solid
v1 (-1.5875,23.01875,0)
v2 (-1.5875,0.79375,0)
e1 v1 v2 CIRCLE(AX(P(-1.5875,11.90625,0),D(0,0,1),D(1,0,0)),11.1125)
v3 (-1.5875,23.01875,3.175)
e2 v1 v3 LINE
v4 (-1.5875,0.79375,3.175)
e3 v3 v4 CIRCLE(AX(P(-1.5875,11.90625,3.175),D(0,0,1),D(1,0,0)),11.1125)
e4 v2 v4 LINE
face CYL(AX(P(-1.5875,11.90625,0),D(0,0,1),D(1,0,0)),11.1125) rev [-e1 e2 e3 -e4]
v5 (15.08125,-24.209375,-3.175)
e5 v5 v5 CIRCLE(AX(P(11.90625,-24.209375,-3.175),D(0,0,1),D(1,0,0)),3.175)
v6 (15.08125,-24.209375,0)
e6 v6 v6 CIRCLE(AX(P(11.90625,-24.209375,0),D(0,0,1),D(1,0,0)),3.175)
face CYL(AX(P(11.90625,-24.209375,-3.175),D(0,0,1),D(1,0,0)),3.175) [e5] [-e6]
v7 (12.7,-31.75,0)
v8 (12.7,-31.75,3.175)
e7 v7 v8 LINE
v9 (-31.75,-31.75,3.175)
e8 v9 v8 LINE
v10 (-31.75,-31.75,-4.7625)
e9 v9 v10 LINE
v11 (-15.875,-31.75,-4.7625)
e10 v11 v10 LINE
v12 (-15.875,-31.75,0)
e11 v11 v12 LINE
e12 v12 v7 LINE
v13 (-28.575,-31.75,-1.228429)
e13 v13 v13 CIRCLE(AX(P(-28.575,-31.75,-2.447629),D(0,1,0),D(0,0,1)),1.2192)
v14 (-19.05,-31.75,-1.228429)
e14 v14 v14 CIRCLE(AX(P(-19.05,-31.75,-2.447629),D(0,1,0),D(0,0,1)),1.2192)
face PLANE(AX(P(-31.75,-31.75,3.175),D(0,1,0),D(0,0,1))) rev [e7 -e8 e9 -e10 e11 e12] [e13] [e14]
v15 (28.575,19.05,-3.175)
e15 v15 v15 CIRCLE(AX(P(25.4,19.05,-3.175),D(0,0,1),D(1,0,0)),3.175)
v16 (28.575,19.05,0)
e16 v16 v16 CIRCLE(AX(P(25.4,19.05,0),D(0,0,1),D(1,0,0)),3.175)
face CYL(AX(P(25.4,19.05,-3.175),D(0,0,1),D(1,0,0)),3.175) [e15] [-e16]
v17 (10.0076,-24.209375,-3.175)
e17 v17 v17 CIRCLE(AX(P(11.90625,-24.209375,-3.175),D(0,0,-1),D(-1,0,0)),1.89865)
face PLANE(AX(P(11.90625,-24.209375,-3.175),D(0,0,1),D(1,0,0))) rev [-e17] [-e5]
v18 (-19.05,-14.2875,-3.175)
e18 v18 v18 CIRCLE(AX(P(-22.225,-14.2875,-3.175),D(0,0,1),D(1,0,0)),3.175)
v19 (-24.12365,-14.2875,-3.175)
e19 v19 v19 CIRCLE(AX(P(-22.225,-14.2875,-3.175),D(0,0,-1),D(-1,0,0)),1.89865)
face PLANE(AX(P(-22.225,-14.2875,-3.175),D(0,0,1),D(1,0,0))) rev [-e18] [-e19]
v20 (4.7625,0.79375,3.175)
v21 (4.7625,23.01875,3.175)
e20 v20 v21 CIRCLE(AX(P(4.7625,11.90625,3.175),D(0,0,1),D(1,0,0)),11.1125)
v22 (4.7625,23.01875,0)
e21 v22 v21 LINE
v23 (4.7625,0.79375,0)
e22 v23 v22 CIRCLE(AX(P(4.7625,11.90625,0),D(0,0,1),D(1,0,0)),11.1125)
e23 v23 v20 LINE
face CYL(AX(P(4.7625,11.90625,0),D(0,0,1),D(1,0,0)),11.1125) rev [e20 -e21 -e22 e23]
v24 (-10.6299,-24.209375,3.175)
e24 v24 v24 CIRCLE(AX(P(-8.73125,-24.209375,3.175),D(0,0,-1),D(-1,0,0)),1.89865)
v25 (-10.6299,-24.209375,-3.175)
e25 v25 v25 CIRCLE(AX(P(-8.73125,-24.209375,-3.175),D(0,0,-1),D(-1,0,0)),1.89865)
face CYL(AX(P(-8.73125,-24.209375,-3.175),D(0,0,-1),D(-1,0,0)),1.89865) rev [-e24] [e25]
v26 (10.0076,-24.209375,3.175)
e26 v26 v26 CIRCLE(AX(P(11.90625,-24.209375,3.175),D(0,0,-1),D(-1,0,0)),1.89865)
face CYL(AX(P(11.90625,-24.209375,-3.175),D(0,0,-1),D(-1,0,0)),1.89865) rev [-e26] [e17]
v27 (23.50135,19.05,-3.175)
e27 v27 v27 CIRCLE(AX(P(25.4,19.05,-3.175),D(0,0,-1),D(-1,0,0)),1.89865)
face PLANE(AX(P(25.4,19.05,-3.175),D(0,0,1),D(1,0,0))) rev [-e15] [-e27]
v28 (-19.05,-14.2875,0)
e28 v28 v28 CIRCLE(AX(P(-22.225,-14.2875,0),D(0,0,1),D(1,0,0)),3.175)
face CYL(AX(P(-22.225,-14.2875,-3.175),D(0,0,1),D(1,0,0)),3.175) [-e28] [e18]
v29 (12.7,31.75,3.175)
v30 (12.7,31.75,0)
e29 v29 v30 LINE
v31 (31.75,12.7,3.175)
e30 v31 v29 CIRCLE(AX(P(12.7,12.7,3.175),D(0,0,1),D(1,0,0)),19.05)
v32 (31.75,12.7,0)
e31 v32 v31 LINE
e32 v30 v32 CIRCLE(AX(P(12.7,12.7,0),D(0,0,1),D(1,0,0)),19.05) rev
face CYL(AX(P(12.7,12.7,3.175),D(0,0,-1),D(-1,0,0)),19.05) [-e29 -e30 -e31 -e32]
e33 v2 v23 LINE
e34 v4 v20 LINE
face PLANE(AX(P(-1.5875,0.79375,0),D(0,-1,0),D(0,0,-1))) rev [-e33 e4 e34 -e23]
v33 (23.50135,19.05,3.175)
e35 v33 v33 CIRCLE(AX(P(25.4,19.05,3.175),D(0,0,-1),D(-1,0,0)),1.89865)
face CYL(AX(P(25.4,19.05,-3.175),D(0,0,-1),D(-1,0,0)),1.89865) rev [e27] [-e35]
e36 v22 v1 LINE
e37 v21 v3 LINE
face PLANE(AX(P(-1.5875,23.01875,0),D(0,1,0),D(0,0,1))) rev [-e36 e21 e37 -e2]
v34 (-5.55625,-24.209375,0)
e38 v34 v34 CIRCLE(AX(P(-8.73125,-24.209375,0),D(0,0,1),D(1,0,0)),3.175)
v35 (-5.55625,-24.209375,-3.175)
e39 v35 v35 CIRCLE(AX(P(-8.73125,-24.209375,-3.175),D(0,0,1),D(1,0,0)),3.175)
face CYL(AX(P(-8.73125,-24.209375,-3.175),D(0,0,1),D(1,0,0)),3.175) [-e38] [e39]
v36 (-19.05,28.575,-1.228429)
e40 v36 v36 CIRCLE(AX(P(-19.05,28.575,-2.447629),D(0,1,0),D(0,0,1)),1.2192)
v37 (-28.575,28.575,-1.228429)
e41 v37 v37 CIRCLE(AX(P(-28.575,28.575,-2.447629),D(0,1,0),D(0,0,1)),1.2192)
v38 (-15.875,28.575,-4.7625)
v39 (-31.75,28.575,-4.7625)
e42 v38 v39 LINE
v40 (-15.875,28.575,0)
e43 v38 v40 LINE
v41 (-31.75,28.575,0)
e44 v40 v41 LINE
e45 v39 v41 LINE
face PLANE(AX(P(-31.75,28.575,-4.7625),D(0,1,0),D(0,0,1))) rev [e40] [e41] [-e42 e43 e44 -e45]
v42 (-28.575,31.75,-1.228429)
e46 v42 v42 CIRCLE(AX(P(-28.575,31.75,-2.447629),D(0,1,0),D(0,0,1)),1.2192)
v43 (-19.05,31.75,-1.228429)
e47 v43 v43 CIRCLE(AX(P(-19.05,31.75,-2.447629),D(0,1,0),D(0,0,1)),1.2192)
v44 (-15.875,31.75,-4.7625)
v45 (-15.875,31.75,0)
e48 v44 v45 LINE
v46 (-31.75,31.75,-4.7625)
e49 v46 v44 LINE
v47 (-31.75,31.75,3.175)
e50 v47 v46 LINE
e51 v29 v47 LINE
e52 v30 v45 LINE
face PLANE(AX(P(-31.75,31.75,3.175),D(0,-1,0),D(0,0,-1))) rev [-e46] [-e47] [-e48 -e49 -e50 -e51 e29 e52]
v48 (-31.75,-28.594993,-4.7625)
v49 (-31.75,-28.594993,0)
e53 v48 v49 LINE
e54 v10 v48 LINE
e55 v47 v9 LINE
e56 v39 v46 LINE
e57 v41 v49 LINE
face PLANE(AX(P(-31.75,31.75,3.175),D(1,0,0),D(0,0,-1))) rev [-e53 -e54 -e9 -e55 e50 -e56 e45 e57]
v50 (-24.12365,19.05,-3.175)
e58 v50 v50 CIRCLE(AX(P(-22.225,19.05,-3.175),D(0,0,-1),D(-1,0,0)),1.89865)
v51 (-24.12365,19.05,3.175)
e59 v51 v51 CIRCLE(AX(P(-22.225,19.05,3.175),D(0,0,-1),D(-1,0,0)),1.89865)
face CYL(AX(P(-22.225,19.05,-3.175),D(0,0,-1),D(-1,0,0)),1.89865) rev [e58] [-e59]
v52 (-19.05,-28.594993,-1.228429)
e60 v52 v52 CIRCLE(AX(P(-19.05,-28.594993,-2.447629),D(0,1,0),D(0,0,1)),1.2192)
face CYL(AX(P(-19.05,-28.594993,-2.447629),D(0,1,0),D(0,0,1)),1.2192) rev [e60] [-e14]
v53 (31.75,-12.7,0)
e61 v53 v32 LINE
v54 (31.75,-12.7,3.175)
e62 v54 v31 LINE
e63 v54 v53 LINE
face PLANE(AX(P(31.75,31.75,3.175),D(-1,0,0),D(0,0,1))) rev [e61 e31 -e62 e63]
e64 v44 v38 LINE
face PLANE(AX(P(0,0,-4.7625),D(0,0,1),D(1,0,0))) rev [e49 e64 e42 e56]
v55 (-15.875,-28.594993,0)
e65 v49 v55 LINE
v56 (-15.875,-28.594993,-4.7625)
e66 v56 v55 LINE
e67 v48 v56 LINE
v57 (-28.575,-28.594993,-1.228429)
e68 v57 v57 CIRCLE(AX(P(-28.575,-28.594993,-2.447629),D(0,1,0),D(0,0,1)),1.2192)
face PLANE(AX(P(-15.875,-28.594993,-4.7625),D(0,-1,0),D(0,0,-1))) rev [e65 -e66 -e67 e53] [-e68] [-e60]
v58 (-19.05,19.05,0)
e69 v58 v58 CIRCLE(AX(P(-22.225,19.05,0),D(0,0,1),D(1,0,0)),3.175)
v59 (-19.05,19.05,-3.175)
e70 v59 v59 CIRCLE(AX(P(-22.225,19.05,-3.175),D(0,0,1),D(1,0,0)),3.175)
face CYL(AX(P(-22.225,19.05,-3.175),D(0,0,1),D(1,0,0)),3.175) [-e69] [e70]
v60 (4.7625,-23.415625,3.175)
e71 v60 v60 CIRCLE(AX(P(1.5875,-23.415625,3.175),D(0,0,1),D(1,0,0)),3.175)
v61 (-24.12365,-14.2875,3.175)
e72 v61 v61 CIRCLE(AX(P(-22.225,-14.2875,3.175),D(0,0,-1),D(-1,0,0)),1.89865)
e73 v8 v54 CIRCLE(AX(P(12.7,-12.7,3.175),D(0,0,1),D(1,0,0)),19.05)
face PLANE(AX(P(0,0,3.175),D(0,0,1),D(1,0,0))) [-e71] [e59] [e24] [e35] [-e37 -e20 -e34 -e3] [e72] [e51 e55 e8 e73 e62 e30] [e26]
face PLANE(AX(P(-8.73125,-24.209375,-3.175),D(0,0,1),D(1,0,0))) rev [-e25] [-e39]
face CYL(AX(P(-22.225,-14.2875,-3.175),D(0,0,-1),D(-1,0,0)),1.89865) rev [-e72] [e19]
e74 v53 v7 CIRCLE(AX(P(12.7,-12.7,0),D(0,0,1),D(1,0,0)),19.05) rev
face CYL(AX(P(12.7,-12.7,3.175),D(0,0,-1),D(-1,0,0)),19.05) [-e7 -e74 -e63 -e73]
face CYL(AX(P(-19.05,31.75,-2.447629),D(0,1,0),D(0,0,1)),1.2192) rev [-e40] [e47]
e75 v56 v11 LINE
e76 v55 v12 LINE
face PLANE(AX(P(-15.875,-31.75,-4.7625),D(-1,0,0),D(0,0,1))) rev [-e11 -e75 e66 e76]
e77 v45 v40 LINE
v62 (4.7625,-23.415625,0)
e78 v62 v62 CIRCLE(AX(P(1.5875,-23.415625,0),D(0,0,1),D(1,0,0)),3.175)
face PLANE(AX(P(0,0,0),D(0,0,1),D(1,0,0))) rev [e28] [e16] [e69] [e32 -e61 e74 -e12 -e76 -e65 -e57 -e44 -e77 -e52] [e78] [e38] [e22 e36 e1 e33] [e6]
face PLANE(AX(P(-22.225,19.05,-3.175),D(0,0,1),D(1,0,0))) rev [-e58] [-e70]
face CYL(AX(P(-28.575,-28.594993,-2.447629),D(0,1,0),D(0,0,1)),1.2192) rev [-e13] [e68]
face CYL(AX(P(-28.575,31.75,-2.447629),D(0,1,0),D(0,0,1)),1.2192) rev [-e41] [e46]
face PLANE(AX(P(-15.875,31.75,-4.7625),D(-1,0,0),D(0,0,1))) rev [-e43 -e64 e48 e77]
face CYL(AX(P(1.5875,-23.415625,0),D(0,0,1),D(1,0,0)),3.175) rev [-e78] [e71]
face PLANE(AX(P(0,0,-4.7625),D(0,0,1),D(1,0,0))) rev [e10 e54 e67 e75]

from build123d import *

# Parameters (mm, degrees)
SKETCH1_W                 = 63.5
SKETCH1_H                 = 63.5
BOSS_EXTRUDE1_DEPTH       = 3.175
BOSS_EXTRUDE2_DEPTH       = 4.7625
F_2_CLEARANCE_HOLE2_D     = 2.4384
F_2_CLEARANCE_HOLE2_DEPTH = 3.155006513
FILLET1_R                 = 19.05
SKETCH7_W                 = 15.875
SKETCH7_H                 = 3.175
BOSS_EXTRUDE3_DEPTH       = 4.7625
F_2_CLEARANCE_HOLE3_D     = 2.4384
F_2_CLEARANCE_HOLE3_DEPTH = 3.175
BOSS_EXTRUDE4_START       = -3.175
SKETCH10_R                = 3.175
BOSS_EXTRUDE4_DEPTH       = 3.175
F_6_CLEARANCE_HOLE1_D     = 3.7973
SKETCH13_R                = 3.175
CUT_EXTRUDE1_DEPTH        = 3.175


with BuildPart() as part:
    # Sketch1 → Boss-Extrude1 (new body)
    with BuildSketch(Plane.XY):
        Rectangle(SKETCH1_W, SKETCH1_H)
    extrude(amount=BOSS_EXTRUDE1_DEPTH)

    # Sketch2 → Boss-Extrude2 (add)
    with BuildSketch(Plane(origin=(0, 0, 0), x_dir=(-1, 0, 0), z_dir=(0, 0, -1))):
        Polygon((15.875, -31.75), (25.4, -31.75), (31.75, -31.75), (31.75, -28.594993487), (25.755751185, -28.594993487), (15.875, -28.594993487), align=None)
    extrude(amount=BOSS_EXTRUDE2_DEPTH)

    # #2 Clearance Hole2
    with Locations(Plane(origin=(0, -28.594993487, 0), x_dir=(1, 0, 0), z_dir=(0, 1, 0))):
        with Locations((-28.575, 2.447629477), (-19.05, 2.447629477)):
            Hole(F_2_CLEARANCE_HOLE2_D / 2, depth=F_2_CLEARANCE_HOLE2_DEPTH)

    # Fillet1
    fillet1_edges = [part.edges().sort_by_distance(p)[0] for p in [
        (31.75, -31.75, 1.5875),
        (31.75, 31.75, 1.5875),
    ]]
    fillet(fillet1_edges, radius=FILLET1_R)

    # Sketch7 → Boss-Extrude3 (add)
    with BuildSketch(Plane(origin=(0, 0, 0), x_dir=(-1, 0, 0), z_dir=(0, 0, -1))):
        with Locations((23.8125, 30.1625)):
            Rectangle(SKETCH7_W, SKETCH7_H)
    extrude(amount=BOSS_EXTRUDE3_DEPTH)

    # #2 Clearance Hole3
    with Locations(Plane(origin=(0, 31.75, 0), x_dir=(1, 0, 0), z_dir=(0, 1, 0))):
        with Locations((-28.575, 2.447629477), (-19.05, 2.447629477)):
            Hole(F_2_CLEARANCE_HOLE3_D / 2, depth=F_2_CLEARANCE_HOLE3_DEPTH)

    # Sketch10 → Boss-Extrude4 (add)
    with BuildSketch(Plane.XY.offset(3.175).offset(BOSS_EXTRUDE4_START)):
        with Locations((25.4, 19.05)):
            Circle(SKETCH10_R)
        with Locations((-22.225, 19.05)):
            Circle(SKETCH10_R)
        with Locations((-22.225, -14.2875)):
            Circle(SKETCH10_R)
        with Locations((-8.73125, -24.209375)):
            Circle(SKETCH10_R)
        with Locations((11.90625, -24.209375)):
            Circle(SKETCH10_R)
    extrude(amount=-BOSS_EXTRUDE4_DEPTH)

    # #6 Clearance Hole1 (through all)
    with Locations(Plane(origin=(0, 0, -3.175), x_dir=(-1, 0, 0), z_dir=(0, 0, -1))):
        with Locations((-25.4, 19.05), (22.225, 19.05), (22.225, -14.2875), (8.73125, -24.209375), (-11.90625, -24.209375)):
            Hole(F_6_CLEARANCE_HOLE1_D / 2)

    # Sketch13 → Cut-Extrude1 (cut)
    with BuildSketch(Plane.XY.offset(3.175)):
        with Locations((1.5875, -23.415625)):
            Circle(SKETCH13_R)
        with BuildLine():
            Line((-1.5875, 23.01875), (4.7625, 23.01875))
            ThreePointArc((4.7625, 23.01875), (15.875, 11.90625), (4.7625, 0.79375))
            Line((4.7625, 0.79375), (-1.5875, 0.79375))
            ThreePointArc((-1.5875, 0.79375), (-12.7, 11.90625), (-1.5875, 23.01875))
        make_face()
    extrude(amount=-CUT_EXTRUDE1_DEPTH, mode=Mode.SUBTRACT)


solid = part.part
